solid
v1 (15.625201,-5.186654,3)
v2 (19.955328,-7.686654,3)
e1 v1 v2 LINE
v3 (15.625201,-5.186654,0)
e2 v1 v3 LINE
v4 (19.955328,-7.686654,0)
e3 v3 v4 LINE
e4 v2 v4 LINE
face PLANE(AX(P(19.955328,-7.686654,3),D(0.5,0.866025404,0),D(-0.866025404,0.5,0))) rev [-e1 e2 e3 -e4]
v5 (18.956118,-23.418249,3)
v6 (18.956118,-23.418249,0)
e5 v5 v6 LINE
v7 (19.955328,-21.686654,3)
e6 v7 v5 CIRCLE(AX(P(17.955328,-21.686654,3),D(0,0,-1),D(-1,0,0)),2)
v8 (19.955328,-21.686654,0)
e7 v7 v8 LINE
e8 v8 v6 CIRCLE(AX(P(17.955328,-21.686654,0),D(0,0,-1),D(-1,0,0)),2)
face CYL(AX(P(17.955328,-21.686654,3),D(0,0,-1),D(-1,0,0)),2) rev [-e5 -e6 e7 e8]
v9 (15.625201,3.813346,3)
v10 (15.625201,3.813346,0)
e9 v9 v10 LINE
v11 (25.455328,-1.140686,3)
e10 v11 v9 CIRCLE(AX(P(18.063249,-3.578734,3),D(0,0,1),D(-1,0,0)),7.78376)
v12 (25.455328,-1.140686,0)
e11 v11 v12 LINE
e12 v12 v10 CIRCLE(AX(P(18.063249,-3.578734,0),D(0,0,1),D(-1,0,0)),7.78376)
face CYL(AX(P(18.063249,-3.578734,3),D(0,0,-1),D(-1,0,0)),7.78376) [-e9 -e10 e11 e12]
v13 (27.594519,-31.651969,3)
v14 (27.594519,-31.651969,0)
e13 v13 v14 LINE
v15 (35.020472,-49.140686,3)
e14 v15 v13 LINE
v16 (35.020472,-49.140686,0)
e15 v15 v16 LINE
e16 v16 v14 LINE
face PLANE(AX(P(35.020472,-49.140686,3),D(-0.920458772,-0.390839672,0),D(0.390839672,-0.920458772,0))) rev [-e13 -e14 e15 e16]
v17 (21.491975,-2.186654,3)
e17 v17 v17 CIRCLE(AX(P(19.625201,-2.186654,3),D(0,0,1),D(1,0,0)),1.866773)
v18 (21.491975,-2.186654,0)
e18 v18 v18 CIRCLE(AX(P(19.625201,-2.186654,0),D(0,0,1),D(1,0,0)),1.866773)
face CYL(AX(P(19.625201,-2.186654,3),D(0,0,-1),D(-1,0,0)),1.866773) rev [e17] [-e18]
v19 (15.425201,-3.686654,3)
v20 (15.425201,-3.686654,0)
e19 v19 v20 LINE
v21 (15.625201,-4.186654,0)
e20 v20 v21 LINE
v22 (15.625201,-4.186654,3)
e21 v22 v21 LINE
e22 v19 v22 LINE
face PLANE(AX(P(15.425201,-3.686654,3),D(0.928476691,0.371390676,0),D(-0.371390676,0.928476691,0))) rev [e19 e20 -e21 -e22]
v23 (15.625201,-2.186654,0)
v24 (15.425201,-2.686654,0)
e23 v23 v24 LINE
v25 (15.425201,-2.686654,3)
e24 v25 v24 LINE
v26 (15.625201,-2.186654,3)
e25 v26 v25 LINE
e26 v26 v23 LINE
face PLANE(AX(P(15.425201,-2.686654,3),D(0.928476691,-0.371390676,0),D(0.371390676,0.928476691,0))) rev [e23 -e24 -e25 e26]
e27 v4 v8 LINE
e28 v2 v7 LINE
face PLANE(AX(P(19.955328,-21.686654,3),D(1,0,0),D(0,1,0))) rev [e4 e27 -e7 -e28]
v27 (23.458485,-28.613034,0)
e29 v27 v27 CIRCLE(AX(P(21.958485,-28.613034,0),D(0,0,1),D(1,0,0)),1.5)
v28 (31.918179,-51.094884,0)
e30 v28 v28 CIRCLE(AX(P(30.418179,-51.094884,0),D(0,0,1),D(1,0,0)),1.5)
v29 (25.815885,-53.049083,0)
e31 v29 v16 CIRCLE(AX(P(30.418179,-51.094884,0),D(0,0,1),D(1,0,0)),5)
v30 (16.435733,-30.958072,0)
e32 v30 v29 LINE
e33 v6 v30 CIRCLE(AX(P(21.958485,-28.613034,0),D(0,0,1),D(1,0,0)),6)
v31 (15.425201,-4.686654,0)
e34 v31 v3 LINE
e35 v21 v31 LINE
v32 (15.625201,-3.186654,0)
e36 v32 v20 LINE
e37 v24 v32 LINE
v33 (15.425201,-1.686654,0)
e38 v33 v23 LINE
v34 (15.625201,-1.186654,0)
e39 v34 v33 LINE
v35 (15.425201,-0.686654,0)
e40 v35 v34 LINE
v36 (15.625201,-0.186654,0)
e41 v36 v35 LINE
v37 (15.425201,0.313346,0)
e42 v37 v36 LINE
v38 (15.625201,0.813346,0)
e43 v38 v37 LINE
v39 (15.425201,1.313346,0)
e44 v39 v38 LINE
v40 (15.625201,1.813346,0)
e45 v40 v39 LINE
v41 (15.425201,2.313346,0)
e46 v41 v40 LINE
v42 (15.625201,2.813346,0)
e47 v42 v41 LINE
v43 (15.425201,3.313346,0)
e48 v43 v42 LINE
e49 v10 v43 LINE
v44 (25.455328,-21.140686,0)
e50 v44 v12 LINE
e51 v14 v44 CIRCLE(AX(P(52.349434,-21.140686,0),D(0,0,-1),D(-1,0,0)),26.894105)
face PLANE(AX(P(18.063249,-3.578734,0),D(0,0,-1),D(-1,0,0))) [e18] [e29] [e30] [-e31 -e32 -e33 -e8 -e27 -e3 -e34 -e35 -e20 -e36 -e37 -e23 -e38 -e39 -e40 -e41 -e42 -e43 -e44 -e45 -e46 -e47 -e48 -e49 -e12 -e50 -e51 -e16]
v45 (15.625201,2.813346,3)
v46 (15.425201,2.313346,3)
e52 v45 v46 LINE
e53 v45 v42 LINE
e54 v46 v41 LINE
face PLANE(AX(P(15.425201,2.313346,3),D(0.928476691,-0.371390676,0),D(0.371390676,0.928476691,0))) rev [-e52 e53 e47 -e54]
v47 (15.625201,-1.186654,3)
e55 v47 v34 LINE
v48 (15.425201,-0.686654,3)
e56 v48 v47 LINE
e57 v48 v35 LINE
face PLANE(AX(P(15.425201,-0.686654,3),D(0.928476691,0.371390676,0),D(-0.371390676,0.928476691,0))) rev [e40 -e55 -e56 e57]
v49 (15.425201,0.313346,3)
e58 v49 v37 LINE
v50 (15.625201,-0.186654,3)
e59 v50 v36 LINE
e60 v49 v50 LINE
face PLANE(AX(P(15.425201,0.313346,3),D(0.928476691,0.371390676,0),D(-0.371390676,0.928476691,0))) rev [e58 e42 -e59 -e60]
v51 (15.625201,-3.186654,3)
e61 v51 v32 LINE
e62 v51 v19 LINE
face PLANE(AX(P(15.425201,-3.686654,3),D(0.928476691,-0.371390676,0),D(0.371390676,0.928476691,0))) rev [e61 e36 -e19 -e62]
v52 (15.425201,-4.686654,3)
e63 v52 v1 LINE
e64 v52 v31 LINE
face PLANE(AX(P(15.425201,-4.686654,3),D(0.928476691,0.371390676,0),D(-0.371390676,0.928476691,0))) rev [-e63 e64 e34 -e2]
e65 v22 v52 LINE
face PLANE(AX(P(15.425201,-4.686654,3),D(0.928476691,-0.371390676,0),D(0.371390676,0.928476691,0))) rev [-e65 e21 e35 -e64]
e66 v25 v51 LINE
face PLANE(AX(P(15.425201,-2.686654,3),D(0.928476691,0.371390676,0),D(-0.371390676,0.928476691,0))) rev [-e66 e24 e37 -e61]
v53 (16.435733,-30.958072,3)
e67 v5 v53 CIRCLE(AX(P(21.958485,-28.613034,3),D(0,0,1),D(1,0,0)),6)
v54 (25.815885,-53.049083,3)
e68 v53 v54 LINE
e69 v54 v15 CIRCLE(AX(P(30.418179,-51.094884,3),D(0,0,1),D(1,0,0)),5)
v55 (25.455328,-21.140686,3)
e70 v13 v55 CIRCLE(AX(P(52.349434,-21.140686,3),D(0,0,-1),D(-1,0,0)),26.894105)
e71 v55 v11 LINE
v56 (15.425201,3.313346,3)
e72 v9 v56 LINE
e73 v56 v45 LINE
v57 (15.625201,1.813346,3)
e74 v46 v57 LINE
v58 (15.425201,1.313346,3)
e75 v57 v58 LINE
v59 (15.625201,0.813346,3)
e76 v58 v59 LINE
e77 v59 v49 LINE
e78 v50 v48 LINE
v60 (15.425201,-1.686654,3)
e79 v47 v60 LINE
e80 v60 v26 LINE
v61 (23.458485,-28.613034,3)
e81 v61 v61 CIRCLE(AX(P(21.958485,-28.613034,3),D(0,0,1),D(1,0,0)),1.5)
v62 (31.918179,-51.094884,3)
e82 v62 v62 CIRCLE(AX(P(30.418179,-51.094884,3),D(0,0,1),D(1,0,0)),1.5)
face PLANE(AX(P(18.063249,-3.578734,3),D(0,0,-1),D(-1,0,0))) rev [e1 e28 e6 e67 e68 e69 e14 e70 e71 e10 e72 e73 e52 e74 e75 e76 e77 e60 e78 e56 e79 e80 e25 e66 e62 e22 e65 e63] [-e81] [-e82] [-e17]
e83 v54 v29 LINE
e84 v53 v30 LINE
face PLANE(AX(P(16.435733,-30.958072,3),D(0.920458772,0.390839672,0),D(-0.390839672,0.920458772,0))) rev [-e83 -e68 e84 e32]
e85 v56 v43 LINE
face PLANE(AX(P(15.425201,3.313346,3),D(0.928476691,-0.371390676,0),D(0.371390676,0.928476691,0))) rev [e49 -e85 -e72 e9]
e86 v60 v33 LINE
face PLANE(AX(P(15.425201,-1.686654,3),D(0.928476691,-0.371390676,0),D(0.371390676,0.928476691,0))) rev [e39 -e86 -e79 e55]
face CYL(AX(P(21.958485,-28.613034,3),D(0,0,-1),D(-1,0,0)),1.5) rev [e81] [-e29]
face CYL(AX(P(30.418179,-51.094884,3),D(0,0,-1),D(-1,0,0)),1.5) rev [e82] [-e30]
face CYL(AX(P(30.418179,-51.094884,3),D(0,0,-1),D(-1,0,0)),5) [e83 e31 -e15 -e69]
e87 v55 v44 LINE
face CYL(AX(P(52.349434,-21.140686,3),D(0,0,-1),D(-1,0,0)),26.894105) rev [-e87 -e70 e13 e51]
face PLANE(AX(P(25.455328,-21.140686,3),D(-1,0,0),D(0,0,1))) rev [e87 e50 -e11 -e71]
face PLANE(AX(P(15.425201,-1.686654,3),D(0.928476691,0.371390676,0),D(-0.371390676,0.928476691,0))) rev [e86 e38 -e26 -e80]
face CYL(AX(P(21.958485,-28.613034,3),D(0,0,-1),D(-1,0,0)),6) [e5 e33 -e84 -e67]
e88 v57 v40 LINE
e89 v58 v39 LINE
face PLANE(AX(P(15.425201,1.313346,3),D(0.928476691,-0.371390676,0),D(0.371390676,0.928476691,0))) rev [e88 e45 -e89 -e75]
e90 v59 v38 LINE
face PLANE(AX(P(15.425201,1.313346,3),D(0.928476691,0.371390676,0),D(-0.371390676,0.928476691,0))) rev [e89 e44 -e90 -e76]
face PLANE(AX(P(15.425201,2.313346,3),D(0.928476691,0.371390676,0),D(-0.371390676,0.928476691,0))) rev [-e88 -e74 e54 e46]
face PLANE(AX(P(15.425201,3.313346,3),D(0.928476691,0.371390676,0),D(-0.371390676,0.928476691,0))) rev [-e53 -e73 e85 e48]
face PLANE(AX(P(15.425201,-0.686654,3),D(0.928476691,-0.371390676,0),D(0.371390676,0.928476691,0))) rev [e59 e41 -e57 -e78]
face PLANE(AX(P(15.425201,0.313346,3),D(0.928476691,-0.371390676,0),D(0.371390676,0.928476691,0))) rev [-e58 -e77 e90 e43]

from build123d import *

# Parameters (mm, degrees)
SKETCH1_R           = 1.5
SKETCH1_R_2         = 1.866773139
BOSS_EXTRUDE2_DEPTH = 3


with BuildPart() as part:
    # Sketch1 → Boss-Extrude2 (new body)
    with BuildSketch(Plane.XY):
        with BuildLine():
            Line((19.955328479, -21.686654411), (19.955328479, -7.686654411))
            Line((19.955328479, -7.686654411), (15.62520146, -5.186654411))
            Line((15.62520146, -5.186654411), (15.42520146, -4.686654411))
            Line((15.42520146, -4.686654411), (15.62520146, -4.186654411))
            Line((15.62520146, -4.186654411), (15.42520146, -3.686654411))
            Line((15.42520146, -3.686654411), (15.62520146, -3.186654411))
            Line((15.62520146, -3.186654411), (15.42520146, -2.686654411))
            Line((15.42520146, -2.686654411), (15.62520146, -2.186654411))
            Line((15.62520146, -2.186654411), (15.42520146, -1.686654411))
            Line((15.42520146, -1.686654411), (15.62520146, -1.186654411))
            Line((15.62520146, -1.186654411), (15.42520146, -0.686654411))
            Line((15.42520146, -0.686654411), (15.62520146, -0.186654411))
            Line((15.62520146, -0.186654411), (15.42520146, 0.313345589))
            Line((15.42520146, 0.313345589), (15.62520146, 0.813345589))
            Line((15.62520146, 0.813345589), (15.42520146, 1.313345589))
            Line((15.42520146, 1.313345589), (15.62520146, 1.813345589))
            Line((15.62520146, 1.813345589), (15.42520146, 2.313345589))
            Line((15.42520146, 2.313345589), (15.62520146, 2.813345589))
            Line((15.62520146, 2.813345589), (15.42520146, 3.313345589))
            Line((15.42520146, 3.313345589), (15.62520146, 3.813345589))
            ThreePointArc((15.62520146, 3.813345589), (21.566278502, 3.372215768), (25.455328479, -1.140685983))
            Line((25.455328479, -1.140685983), (25.455328479, -21.140685983))
            ThreePointArc((25.455328479, -21.140685983), (25.995551768, -26.504062064), (27.594518651, -31.651969317))
            Line((27.594518651, -31.651969317), (35.020472422, -49.140685983))
            ThreePointArc((35.020472422, -49.140685983), (32.372376923, -55.697178203), (25.815884703, -53.049082704))
            Line((25.815884703, -53.049082704), (16.435732572, -30.958072179))
            ThreePointArc((16.435732572, -30.958072179), (16.267997475, -26.710838203), (18.95611766, -23.418249345))
            ThreePointArc((18.95611766, -23.418249345), (19.687607088, -22.686259743), (19.955328479, -21.686654411))
        make_face()
        with Locations((30.418178563, -51.094884343)):
            Circle(SKETCH1_R, mode=Mode.SUBTRACT)
        with Locations((19.62520146, -2.186654411)):
            Circle(SKETCH1_R_2, mode=Mode.SUBTRACT)
        with Locations((21.958485203, -28.613034147)):
            Circle(SKETCH1_R, mode=Mode.SUBTRACT)
    extrude(amount=BOSS_EXTRUDE2_DEPTH)


solid = part.part
